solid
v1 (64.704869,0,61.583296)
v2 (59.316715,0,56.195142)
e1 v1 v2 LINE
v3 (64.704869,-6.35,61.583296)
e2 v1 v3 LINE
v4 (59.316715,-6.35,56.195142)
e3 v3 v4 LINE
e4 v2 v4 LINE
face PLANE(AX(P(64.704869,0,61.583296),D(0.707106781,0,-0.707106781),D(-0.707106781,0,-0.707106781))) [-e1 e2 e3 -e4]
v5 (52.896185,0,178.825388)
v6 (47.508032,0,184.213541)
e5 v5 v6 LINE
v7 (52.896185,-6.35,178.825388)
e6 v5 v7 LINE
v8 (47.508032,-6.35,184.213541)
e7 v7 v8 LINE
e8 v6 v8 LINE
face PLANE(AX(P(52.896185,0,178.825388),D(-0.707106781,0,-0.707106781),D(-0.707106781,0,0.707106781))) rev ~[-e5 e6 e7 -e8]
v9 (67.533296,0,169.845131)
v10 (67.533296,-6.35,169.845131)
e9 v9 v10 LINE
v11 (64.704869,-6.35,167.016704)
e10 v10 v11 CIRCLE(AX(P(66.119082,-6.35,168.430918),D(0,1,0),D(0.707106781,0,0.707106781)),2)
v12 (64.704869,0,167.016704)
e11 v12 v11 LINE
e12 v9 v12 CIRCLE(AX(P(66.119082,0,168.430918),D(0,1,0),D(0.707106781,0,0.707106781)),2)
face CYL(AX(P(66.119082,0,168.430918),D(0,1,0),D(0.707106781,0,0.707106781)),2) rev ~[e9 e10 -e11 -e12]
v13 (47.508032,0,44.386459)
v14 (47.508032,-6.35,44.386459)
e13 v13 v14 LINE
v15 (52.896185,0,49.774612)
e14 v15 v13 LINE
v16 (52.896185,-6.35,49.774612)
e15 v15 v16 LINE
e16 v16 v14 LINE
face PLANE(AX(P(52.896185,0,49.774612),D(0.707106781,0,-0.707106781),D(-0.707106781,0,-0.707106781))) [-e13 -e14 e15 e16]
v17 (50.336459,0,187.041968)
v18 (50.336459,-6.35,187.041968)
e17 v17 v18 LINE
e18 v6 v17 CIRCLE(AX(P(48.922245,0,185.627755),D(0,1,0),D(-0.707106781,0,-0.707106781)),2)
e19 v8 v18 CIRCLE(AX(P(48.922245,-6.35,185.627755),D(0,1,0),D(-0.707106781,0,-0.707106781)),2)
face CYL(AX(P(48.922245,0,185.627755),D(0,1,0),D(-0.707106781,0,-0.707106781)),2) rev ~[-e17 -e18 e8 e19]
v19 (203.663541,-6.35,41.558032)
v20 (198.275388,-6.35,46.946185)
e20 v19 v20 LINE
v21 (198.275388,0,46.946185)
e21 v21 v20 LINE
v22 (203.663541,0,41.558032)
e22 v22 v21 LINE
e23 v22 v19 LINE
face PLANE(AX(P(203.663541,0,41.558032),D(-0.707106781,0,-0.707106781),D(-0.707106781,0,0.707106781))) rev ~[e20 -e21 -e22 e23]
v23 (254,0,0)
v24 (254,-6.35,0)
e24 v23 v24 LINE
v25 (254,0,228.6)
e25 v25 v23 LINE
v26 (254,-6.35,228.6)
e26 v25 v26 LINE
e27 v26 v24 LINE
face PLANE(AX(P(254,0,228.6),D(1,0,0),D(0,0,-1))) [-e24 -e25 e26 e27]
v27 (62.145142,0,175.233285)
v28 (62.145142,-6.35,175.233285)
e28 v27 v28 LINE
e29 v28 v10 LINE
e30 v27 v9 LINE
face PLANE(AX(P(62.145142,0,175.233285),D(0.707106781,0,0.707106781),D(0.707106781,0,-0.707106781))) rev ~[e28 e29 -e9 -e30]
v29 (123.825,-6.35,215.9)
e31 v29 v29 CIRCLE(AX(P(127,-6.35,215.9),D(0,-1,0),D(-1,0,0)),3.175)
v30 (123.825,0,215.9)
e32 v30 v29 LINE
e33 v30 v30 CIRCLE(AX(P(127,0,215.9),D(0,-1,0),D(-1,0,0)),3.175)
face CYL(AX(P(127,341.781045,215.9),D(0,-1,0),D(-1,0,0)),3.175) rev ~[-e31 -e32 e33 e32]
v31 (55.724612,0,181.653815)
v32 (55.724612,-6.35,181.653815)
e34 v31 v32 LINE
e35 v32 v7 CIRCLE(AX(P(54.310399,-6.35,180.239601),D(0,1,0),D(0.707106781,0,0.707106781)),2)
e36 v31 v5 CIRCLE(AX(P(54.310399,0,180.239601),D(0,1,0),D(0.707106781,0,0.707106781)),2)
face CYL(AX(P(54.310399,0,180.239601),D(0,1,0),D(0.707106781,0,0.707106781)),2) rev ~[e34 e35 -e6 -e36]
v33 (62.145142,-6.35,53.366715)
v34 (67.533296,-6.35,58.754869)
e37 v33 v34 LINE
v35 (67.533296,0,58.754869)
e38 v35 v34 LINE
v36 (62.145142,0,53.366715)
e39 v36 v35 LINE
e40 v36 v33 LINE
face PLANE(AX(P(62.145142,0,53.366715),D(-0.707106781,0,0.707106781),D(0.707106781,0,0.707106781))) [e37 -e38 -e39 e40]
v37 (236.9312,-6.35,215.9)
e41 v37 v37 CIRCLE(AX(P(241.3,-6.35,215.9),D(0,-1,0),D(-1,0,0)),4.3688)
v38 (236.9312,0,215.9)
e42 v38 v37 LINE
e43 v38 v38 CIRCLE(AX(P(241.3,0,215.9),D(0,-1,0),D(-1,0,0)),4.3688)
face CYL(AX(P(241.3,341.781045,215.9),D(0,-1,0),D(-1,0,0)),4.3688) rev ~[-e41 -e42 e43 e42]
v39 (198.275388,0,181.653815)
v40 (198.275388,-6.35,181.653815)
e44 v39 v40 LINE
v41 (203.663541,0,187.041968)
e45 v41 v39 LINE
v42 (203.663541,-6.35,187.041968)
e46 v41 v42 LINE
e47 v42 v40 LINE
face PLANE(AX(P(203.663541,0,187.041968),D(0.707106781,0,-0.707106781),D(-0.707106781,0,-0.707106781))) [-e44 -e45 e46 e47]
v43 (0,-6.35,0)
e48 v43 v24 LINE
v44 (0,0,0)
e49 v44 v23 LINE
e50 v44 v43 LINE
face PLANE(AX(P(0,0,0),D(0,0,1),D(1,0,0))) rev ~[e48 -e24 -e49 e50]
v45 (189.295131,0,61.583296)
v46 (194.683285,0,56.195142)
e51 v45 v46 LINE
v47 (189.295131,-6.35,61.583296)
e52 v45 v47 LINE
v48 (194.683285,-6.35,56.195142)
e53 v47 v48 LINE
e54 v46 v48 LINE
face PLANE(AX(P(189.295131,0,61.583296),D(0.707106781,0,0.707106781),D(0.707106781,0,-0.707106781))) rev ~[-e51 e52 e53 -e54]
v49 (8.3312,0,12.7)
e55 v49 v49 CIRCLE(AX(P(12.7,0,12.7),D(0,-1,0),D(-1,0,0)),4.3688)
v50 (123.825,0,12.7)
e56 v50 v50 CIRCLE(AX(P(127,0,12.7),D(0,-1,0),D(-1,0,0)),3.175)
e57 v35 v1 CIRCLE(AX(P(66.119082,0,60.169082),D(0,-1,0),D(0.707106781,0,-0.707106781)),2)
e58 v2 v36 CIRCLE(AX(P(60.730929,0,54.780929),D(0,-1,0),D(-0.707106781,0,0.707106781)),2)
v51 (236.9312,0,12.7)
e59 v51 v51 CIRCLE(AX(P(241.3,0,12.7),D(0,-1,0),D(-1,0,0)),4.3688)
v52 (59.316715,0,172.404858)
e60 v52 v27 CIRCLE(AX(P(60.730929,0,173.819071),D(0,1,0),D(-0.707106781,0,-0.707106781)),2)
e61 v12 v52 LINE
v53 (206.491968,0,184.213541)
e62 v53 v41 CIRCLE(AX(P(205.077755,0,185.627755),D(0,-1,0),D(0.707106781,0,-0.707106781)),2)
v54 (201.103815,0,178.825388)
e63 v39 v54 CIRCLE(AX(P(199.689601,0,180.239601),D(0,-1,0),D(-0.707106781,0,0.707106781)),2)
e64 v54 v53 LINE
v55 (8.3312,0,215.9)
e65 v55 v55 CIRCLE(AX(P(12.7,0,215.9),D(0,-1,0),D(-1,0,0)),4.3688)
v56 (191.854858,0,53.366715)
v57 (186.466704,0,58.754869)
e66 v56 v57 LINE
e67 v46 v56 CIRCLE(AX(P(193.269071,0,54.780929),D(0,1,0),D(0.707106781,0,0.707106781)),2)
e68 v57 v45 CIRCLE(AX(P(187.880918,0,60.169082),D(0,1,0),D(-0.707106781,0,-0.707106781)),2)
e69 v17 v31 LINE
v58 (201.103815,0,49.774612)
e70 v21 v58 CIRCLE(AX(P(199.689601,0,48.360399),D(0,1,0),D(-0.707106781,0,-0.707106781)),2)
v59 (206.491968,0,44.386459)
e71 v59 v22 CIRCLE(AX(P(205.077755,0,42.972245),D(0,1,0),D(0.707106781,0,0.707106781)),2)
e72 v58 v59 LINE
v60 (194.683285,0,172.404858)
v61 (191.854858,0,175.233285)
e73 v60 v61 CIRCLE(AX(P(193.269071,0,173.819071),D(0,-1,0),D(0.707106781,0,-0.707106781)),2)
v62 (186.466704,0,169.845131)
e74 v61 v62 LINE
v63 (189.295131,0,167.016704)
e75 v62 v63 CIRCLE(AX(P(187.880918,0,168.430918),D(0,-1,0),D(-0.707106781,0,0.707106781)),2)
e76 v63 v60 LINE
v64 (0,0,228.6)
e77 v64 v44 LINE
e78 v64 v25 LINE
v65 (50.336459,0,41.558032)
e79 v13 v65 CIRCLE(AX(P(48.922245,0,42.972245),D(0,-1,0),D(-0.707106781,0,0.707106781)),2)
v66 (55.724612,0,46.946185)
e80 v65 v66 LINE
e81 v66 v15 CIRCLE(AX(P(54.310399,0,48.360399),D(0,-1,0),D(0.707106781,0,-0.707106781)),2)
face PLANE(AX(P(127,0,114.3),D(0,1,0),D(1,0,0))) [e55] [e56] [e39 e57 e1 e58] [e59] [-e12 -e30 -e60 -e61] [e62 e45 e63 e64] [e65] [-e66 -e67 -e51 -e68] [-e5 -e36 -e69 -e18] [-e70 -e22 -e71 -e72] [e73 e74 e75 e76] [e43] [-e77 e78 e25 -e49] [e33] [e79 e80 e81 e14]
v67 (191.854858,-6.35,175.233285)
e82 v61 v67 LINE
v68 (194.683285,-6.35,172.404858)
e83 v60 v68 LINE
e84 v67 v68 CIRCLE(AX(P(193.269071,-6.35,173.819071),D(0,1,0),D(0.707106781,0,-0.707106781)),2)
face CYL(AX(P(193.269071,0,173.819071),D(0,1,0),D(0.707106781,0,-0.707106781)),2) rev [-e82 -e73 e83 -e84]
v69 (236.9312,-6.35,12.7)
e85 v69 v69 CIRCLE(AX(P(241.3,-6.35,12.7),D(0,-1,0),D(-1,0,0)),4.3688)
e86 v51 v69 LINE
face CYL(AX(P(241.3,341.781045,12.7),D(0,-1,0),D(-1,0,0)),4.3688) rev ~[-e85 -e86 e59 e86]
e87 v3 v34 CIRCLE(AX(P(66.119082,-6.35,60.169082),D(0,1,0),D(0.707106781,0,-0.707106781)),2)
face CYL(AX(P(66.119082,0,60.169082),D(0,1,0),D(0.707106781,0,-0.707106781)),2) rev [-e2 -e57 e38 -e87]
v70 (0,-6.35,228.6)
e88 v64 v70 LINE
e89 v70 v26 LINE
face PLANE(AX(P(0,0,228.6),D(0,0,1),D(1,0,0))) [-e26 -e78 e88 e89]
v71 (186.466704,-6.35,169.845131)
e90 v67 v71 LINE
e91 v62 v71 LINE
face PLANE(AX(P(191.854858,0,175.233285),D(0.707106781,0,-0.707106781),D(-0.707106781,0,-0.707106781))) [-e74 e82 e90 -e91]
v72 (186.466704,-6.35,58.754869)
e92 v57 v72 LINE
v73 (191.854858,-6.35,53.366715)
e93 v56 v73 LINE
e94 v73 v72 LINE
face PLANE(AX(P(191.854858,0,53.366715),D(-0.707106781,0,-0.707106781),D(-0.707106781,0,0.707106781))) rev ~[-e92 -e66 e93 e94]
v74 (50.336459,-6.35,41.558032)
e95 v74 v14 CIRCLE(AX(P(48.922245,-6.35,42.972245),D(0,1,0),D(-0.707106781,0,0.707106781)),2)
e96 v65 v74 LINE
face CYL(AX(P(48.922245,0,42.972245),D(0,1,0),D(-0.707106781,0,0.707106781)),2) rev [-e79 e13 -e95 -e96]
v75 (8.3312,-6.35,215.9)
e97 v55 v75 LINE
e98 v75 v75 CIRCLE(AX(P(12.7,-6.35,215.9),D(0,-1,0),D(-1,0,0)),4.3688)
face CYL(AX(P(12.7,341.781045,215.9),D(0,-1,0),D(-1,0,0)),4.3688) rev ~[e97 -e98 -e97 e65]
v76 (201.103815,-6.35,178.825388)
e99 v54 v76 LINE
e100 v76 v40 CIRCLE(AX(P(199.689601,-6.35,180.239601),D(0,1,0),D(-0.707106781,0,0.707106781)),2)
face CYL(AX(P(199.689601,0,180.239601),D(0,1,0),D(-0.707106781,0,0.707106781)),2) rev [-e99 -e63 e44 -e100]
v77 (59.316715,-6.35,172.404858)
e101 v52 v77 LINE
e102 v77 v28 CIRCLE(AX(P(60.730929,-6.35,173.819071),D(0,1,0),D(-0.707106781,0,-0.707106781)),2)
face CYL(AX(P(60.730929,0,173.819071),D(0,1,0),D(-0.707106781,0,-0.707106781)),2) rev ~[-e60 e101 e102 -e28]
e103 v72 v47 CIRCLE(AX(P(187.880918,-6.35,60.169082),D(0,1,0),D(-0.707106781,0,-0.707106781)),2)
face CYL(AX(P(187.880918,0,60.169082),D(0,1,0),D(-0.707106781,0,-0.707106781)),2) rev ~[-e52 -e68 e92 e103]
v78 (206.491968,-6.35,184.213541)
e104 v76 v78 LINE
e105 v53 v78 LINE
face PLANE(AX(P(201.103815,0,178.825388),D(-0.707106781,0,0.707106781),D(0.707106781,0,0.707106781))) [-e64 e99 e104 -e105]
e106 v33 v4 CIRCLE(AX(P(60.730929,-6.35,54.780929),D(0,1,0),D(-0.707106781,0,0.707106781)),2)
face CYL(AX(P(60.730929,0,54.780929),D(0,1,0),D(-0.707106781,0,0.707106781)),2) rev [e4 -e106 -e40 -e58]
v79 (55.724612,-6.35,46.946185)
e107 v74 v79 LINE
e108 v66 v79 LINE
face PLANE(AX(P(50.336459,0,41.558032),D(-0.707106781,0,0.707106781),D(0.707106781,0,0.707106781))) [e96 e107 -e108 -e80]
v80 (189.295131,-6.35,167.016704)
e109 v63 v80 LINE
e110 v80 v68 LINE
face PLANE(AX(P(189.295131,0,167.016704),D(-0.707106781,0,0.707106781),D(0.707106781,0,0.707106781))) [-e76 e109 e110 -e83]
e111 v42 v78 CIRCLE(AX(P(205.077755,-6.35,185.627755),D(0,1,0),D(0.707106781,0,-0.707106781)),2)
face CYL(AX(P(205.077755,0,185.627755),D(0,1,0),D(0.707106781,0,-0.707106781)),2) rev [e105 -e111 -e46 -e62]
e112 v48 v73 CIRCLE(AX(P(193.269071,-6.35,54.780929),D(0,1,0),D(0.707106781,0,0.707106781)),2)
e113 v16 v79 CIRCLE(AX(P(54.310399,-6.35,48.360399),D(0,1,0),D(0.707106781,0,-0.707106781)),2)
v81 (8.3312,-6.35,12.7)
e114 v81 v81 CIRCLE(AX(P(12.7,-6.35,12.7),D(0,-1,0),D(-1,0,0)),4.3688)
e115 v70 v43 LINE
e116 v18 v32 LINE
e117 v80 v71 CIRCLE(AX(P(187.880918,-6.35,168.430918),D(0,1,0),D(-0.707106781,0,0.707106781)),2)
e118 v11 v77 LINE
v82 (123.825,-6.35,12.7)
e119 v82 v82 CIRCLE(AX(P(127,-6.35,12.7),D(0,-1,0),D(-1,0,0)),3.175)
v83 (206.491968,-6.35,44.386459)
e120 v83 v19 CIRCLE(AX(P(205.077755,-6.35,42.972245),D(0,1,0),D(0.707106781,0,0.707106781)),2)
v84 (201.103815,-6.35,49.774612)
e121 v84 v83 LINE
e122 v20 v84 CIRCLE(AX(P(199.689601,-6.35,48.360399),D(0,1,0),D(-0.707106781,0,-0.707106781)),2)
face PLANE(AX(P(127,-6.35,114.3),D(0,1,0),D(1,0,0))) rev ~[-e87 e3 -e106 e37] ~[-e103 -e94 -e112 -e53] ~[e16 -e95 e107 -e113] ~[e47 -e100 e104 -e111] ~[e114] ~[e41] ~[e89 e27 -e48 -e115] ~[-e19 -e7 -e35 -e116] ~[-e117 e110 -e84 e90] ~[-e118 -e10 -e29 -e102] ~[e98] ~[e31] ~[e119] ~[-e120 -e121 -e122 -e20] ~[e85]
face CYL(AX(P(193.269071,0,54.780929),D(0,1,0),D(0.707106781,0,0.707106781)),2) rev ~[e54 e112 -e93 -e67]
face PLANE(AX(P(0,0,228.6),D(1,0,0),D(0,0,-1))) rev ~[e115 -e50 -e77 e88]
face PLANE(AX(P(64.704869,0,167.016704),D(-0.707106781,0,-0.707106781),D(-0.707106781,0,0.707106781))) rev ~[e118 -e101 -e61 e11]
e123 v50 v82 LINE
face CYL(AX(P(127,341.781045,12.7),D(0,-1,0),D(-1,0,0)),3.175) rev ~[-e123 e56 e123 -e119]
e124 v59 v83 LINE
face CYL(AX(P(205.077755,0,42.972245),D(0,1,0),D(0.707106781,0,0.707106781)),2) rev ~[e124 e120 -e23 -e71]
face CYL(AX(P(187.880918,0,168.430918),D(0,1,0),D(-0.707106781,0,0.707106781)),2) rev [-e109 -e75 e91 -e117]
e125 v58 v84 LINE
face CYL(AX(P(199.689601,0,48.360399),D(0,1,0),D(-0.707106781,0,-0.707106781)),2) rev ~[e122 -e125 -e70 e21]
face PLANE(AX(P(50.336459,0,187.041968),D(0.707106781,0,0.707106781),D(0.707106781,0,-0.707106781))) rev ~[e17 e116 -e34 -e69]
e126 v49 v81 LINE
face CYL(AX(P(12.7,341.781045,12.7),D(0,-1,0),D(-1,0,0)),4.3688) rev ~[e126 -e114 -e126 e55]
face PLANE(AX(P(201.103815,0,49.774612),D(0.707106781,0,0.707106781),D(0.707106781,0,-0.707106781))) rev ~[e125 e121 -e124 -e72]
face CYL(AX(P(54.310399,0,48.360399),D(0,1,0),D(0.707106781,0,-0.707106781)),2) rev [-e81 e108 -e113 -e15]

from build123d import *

# Parameters (mm, degrees)
SKETCH1_W                            = 254
SKETCH1_H                            = 228.6
BASE_PLATE_DEPTH                     = 6.35
SLOTS_DEPTH                          = 7.35
FEET_CONNECTION_HOLE_D               = 8.7376
HOLE_FOR_10_BLIND_FASTENERS_B_BS_1_D = 6.35


with BuildPart() as part:
    # Sketch1 → base plate (new body)
    with BuildSketch(Plane(origin=(0, 0, 0), x_dir=(1, 0, 0), z_dir=(0, 1, 0))):
        with Locations((127, -114.3)):
            Rectangle(SKETCH1_W, SKETCH1_H)
    extrude(amount=-BASE_PLATE_DEPTH)

    # Sketch3 → slots (cut, through all)
    with BuildSketch(Plane(origin=(0, 0, 0), x_dir=(1, 0, 0), z_dir=(0, 1, 0))):
        with BuildLine():
            ThreePointArc((55.724612456, -46.94618524), (55.724612456, -49.774612456), (52.89618524, -49.774612456))
            Line((52.89618524, -49.774612456), (47.508031568, -44.386458783))
            ThreePointArc((47.508031568, -44.386458783), (47.508031568, -41.558031568), (50.336458783, -41.558031568))
            Line((50.336458783, -41.558031568), (55.724612456, -46.94618524))
        make_face()
        with BuildLine():
            Line((203.663541217, -41.558031568), (198.275387544, -46.94618524))
            ThreePointArc((198.275387544, -46.94618524), (198.275387544, -49.774612456), (201.10381476, -49.774612456))
            Line((201.10381476, -49.774612456), (206.491968432, -44.386458783))
            ThreePointArc((206.491968432, -44.386458783), (206.491968432, -41.558031568), (203.663541217, -41.558031568))
        make_face()
        with BuildLine():
            Line((189.295131423, -61.583295792), (194.683285096, -56.195142119))
            ThreePointArc((194.683285096, -56.195142119), (194.683285096, -53.366714904), (191.854857881, -53.366714904))
            Line((191.854857881, -53.366714904), (186.466704208, -58.754868577))
            ThreePointArc((186.466704208, -58.754868577), (186.466704208, -61.583295792), (189.295131423, -61.583295792))
        make_face()
        with BuildLine():
            ThreePointArc((194.683285096, -172.404857881), (194.683285096, -175.233285096), (191.854857881, -175.233285096))
            Line((191.854857881, -175.233285096), (186.466704208, -169.845131423))
            ThreePointArc((186.466704208, -169.845131423), (186.466704208, -167.016704208), (189.295131423, -167.016704208))
            Line((189.295131423, -167.016704208), (194.683285096, -172.404857881))
        make_face()
        with BuildLine():
            ThreePointArc((198.275387544, -181.65381476), (198.275387544, -178.825387544), (201.10381476, -178.825387544))
            Line((201.10381476, -178.825387544), (206.491968432, -184.213541217))
            ThreePointArc((206.491968432, -184.213541217), (206.491968432, -187.041968432), (203.663541217, -187.041968432))
            Line((203.663541217, -187.041968432), (198.275387544, -181.65381476))
        make_face()
        with BuildLine():
            Line((50.336458783, -187.041968432), (55.724612456, -181.65381476))
            ThreePointArc((55.724612456, -181.65381476), (55.724612456, -178.825387544), (52.89618524, -178.825387544))
            Line((52.89618524, -178.825387544), (47.508031568, -184.213541217))
            ThreePointArc((47.508031568, -184.213541217), (47.508031568, -187.041968432), (50.336458783, -187.041968432))
        make_face()
        with BuildLine():
            Line((64.704868577, -167.016704208), (59.316714904, -172.404857881))
            ThreePointArc((59.316714904, -172.404857881), (59.316714904, -175.233285096), (62.145142119, -175.233285096))
            Line((62.145142119, -175.233285096), (67.533295792, -169.845131423))
            ThreePointArc((67.533295792, -169.845131423), (67.533295792, -167.016704208), (64.704868577, -167.016704208))
        make_face()
        with BuildLine():
            Line((64.704868577, -61.583295792), (59.316714904, -56.195142119))
            ThreePointArc((59.316714904, -56.195142119), (59.316714904, -53.366714904), (62.145142119, -53.366714904))
            Line((62.145142119, -53.366714904), (67.533295792, -58.754868577))
            ThreePointArc((67.533295792, -58.754868577), (67.533295792, -61.583295792), (64.704868577, -61.583295792))
        make_face()
    extrude(amount=-SLOTS_DEPTH, mode=Mode.SUBTRACT)

    # Feet connection hole (through all)
    with Locations(Plane(origin=(0, 0, 0), x_dir=(1, 0, 0), z_dir=(0, 1, 0))):
        with Locations((12.7, -215.9), (241.3, -12.7), (12.7, -12.7), (241.3, -215.9)):
            Hole(FEET_CONNECTION_HOLE_D / 2)

    # Hole for #10 Blind Fasteners (B,BS)1 (through all)
    with Locations(Plane(origin=(0, 0, 0), x_dir=(1, 0, 0), z_dir=(0, 1, 0))):
        with Locations((127, -215.9), (127, -12.7)):
            Hole(HOLE_FOR_10_BLIND_FASTENERS_B_BS_1_D / 2)


solid = part.part
